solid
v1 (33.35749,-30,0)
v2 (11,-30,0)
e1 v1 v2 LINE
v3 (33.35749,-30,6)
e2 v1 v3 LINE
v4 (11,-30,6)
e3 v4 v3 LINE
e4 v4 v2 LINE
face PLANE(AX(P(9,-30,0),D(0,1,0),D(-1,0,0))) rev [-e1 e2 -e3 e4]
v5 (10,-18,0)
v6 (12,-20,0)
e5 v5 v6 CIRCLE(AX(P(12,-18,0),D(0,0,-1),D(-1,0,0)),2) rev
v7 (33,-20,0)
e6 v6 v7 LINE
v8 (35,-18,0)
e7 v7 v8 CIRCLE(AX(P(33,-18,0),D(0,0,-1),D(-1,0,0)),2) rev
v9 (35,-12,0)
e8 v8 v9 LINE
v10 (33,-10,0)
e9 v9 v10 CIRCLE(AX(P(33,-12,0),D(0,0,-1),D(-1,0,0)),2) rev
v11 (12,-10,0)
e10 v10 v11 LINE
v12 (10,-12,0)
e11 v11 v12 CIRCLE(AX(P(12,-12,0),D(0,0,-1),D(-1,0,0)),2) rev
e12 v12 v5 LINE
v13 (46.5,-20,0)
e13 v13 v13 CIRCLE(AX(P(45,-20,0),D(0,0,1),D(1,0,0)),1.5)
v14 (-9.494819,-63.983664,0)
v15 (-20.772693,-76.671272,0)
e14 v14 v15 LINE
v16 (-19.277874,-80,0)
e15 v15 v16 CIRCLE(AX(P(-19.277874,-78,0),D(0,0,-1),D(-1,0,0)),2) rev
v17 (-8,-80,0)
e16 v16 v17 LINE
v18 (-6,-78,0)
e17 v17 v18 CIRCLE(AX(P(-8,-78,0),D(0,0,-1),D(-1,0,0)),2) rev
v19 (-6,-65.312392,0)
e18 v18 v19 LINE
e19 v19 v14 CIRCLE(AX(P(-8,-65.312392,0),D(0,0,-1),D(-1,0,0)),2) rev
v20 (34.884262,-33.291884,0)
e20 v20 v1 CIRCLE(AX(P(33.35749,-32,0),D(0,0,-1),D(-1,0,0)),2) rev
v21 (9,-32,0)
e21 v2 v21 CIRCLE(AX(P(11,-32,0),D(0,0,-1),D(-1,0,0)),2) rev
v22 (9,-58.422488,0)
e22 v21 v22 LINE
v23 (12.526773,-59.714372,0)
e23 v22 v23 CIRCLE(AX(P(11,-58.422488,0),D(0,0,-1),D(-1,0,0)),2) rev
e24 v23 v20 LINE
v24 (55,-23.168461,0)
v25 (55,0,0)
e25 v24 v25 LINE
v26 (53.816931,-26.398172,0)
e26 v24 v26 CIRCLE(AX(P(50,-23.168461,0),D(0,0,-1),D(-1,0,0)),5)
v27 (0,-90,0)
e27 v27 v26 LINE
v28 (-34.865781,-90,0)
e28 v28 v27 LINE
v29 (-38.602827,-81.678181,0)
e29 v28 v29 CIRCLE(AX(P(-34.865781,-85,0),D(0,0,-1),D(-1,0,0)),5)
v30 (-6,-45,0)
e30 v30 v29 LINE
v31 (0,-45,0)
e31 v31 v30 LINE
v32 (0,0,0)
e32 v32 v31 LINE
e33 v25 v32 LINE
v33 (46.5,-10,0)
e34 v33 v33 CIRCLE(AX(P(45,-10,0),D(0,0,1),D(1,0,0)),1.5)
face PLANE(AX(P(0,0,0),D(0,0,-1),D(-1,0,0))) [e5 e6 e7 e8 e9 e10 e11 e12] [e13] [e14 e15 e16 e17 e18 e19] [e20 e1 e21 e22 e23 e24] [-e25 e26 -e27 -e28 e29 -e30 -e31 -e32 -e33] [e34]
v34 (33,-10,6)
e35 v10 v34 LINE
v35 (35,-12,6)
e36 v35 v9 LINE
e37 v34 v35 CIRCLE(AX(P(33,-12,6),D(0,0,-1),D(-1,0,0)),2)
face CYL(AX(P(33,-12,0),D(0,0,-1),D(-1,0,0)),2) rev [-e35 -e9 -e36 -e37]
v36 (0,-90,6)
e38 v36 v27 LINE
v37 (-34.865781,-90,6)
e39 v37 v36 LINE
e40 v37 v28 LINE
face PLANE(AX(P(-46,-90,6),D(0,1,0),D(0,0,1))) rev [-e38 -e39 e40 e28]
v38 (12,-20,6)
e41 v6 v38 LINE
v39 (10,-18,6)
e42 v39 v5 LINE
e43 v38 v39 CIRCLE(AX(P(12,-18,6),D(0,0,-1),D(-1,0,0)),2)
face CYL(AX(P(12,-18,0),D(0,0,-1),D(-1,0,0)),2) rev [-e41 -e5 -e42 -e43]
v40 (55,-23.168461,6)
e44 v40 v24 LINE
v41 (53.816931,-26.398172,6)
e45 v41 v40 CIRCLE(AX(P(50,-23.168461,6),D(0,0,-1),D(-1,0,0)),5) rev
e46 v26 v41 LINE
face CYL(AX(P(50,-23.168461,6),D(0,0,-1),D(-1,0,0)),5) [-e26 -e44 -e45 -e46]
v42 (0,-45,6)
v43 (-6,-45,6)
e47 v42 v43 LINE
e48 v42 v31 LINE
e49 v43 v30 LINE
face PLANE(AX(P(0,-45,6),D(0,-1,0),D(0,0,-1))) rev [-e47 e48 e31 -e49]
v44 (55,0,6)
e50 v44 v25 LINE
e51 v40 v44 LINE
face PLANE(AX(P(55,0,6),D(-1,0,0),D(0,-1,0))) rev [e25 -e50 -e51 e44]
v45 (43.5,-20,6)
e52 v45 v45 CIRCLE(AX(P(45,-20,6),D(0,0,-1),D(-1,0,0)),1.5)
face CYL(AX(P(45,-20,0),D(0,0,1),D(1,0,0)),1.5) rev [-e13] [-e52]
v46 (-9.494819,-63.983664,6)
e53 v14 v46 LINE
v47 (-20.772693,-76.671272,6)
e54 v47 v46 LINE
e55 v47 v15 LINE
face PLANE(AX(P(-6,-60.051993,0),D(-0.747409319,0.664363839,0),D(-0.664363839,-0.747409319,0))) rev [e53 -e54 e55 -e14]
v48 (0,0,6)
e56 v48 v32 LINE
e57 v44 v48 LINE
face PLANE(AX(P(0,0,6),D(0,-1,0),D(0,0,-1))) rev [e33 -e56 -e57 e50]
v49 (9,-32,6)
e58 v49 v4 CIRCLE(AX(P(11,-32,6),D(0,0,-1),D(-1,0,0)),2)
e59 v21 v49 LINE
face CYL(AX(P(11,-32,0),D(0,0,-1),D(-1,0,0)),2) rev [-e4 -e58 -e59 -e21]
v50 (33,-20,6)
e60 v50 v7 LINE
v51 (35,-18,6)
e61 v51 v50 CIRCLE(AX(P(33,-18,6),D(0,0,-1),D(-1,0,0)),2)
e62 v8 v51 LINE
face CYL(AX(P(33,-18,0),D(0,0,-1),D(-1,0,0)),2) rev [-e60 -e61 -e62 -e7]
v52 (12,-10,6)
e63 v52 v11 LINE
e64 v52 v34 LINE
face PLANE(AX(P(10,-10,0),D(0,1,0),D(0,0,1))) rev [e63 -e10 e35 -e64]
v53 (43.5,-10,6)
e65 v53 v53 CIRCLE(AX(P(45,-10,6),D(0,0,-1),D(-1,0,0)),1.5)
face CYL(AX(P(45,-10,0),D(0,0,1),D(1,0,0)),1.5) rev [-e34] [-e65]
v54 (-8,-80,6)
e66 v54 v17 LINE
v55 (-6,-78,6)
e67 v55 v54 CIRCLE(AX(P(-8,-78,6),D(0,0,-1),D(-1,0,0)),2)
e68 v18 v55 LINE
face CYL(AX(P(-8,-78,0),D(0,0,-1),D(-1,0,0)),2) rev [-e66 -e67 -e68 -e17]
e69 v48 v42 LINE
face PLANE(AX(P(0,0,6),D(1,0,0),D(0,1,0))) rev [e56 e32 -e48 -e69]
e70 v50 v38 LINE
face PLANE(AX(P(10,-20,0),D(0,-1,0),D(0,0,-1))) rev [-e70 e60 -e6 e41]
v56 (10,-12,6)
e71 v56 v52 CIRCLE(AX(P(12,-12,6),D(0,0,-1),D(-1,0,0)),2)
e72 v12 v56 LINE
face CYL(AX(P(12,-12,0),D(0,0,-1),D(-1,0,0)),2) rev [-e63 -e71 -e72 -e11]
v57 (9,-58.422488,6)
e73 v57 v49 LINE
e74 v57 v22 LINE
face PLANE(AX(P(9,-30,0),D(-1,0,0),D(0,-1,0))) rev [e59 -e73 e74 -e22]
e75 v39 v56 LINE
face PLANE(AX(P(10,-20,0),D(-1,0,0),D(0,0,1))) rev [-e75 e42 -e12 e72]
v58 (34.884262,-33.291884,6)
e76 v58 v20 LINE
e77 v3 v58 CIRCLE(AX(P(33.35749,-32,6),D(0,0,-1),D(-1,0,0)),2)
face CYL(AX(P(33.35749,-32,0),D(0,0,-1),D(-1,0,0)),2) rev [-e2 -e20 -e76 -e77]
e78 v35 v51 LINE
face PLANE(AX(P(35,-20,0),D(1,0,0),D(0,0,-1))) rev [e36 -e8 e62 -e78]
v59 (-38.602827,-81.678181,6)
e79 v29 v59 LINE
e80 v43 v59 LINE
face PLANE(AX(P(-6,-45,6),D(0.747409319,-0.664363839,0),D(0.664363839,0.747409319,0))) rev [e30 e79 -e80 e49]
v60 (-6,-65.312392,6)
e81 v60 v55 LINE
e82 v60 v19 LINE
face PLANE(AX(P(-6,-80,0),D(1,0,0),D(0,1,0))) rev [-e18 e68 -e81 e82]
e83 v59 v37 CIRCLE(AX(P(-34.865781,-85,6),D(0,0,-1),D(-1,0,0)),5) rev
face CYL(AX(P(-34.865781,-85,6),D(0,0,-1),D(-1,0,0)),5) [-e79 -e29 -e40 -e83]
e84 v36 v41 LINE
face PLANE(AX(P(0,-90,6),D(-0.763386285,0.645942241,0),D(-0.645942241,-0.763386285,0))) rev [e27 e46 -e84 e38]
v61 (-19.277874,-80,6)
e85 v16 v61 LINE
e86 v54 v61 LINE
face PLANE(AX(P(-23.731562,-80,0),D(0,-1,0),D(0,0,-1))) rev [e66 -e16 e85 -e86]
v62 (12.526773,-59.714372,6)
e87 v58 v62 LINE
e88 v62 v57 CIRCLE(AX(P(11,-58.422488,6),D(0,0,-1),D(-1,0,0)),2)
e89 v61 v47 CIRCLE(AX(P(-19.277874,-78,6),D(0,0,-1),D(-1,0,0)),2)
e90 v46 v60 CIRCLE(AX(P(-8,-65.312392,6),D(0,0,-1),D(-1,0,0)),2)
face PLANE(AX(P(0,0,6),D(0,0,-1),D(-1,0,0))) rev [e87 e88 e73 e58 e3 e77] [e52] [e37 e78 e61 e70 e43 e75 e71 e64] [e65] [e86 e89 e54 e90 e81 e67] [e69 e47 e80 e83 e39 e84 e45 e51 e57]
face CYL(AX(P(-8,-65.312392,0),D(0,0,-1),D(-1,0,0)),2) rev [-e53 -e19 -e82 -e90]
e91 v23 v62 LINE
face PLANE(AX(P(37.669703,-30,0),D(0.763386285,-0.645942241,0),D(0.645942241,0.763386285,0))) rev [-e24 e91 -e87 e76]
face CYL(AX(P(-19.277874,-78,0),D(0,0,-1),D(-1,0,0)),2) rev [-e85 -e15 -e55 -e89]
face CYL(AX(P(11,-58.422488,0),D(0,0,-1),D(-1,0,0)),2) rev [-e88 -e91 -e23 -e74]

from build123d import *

# Parameters (mm, degrees)
BOSS_EXTRUDE1_DEPTH     = 6
SKETCH4_R               = 1.5
SKETCH4_W               = 25
SKETCH4_H               = 10
CUT_EXTRUDE2_DEPTH      = 1
CUT_EXTRUDE2_DEPTH_BACK = 7
FILLET1_R               = 2
FILLET2_R               = 2
FILLET3_R               = 5


with BuildPart() as part:
    # Sketch1 → Boss-Extrude1 (new body)
    with BuildSketch(Plane.XY):
        Polygon((0, 0), (55, 0), (55, -25), (0, -90), (-46, -90), (-6, -45), (0, -45), align=None)
    extrude(amount=BOSS_EXTRUDE1_DEPTH)

    # Sketch4 → Cut-Extrude2 (cut, two sides)
    with BuildSketch(Plane.XY.offset(6)) as cut_extrude2_sk:
        with Locations((45, -20)):
            Circle(SKETCH4_R)
        with Locations((45, -10)):
            Circle(SKETCH4_R)
        Polygon((9, -30), (9, -63.882376031), (37.669702795, -30), align=None)
        Polygon((-6, -60.051993223), (-23.731561579, -80), (-6, -80), align=None)
        with Locations((22.5, -15)):
            Rectangle(SKETCH4_W, SKETCH4_H)
    extrude(amount=CUT_EXTRUDE2_DEPTH, mode=Mode.SUBTRACT)
    extrude(cut_extrude2_sk.sketch, amount=-CUT_EXTRUDE2_DEPTH_BACK, mode=Mode.SUBTRACT)

    # Fillet1
    fillet1_edges = [part.edges().sort_by_distance(p)[0] for p in [
        (-6, -60.051993223, 3),
        (-6, -80, 3),
        (-23.731561579, -80, 3),
        (10, -20, 3),
        (10, -10, 3),
        (35, -10, 3),
        (35, -20, 3),
    ]]
    fillet(fillet1_edges, radius=FILLET1_R)

    # Fillet2
    fillet2_edges = [part.edges().sort_by_distance(p)[0] for p in [
        (9, -30, 3),
        (37.669702795, -30, 3),
        (9, -63.882376031, 3),
    ]]
    fillet(fillet2_edges, radius=FILLET2_R)

    # Fillet3
    fillet3_edges = [part.edges().sort_by_distance(p)[0] for p in [
        (55, -25, 3),
        (-46, -90, 3),
    ]]
    fillet(fillet3_edges, radius=FILLET3_R)


solid = part.part
